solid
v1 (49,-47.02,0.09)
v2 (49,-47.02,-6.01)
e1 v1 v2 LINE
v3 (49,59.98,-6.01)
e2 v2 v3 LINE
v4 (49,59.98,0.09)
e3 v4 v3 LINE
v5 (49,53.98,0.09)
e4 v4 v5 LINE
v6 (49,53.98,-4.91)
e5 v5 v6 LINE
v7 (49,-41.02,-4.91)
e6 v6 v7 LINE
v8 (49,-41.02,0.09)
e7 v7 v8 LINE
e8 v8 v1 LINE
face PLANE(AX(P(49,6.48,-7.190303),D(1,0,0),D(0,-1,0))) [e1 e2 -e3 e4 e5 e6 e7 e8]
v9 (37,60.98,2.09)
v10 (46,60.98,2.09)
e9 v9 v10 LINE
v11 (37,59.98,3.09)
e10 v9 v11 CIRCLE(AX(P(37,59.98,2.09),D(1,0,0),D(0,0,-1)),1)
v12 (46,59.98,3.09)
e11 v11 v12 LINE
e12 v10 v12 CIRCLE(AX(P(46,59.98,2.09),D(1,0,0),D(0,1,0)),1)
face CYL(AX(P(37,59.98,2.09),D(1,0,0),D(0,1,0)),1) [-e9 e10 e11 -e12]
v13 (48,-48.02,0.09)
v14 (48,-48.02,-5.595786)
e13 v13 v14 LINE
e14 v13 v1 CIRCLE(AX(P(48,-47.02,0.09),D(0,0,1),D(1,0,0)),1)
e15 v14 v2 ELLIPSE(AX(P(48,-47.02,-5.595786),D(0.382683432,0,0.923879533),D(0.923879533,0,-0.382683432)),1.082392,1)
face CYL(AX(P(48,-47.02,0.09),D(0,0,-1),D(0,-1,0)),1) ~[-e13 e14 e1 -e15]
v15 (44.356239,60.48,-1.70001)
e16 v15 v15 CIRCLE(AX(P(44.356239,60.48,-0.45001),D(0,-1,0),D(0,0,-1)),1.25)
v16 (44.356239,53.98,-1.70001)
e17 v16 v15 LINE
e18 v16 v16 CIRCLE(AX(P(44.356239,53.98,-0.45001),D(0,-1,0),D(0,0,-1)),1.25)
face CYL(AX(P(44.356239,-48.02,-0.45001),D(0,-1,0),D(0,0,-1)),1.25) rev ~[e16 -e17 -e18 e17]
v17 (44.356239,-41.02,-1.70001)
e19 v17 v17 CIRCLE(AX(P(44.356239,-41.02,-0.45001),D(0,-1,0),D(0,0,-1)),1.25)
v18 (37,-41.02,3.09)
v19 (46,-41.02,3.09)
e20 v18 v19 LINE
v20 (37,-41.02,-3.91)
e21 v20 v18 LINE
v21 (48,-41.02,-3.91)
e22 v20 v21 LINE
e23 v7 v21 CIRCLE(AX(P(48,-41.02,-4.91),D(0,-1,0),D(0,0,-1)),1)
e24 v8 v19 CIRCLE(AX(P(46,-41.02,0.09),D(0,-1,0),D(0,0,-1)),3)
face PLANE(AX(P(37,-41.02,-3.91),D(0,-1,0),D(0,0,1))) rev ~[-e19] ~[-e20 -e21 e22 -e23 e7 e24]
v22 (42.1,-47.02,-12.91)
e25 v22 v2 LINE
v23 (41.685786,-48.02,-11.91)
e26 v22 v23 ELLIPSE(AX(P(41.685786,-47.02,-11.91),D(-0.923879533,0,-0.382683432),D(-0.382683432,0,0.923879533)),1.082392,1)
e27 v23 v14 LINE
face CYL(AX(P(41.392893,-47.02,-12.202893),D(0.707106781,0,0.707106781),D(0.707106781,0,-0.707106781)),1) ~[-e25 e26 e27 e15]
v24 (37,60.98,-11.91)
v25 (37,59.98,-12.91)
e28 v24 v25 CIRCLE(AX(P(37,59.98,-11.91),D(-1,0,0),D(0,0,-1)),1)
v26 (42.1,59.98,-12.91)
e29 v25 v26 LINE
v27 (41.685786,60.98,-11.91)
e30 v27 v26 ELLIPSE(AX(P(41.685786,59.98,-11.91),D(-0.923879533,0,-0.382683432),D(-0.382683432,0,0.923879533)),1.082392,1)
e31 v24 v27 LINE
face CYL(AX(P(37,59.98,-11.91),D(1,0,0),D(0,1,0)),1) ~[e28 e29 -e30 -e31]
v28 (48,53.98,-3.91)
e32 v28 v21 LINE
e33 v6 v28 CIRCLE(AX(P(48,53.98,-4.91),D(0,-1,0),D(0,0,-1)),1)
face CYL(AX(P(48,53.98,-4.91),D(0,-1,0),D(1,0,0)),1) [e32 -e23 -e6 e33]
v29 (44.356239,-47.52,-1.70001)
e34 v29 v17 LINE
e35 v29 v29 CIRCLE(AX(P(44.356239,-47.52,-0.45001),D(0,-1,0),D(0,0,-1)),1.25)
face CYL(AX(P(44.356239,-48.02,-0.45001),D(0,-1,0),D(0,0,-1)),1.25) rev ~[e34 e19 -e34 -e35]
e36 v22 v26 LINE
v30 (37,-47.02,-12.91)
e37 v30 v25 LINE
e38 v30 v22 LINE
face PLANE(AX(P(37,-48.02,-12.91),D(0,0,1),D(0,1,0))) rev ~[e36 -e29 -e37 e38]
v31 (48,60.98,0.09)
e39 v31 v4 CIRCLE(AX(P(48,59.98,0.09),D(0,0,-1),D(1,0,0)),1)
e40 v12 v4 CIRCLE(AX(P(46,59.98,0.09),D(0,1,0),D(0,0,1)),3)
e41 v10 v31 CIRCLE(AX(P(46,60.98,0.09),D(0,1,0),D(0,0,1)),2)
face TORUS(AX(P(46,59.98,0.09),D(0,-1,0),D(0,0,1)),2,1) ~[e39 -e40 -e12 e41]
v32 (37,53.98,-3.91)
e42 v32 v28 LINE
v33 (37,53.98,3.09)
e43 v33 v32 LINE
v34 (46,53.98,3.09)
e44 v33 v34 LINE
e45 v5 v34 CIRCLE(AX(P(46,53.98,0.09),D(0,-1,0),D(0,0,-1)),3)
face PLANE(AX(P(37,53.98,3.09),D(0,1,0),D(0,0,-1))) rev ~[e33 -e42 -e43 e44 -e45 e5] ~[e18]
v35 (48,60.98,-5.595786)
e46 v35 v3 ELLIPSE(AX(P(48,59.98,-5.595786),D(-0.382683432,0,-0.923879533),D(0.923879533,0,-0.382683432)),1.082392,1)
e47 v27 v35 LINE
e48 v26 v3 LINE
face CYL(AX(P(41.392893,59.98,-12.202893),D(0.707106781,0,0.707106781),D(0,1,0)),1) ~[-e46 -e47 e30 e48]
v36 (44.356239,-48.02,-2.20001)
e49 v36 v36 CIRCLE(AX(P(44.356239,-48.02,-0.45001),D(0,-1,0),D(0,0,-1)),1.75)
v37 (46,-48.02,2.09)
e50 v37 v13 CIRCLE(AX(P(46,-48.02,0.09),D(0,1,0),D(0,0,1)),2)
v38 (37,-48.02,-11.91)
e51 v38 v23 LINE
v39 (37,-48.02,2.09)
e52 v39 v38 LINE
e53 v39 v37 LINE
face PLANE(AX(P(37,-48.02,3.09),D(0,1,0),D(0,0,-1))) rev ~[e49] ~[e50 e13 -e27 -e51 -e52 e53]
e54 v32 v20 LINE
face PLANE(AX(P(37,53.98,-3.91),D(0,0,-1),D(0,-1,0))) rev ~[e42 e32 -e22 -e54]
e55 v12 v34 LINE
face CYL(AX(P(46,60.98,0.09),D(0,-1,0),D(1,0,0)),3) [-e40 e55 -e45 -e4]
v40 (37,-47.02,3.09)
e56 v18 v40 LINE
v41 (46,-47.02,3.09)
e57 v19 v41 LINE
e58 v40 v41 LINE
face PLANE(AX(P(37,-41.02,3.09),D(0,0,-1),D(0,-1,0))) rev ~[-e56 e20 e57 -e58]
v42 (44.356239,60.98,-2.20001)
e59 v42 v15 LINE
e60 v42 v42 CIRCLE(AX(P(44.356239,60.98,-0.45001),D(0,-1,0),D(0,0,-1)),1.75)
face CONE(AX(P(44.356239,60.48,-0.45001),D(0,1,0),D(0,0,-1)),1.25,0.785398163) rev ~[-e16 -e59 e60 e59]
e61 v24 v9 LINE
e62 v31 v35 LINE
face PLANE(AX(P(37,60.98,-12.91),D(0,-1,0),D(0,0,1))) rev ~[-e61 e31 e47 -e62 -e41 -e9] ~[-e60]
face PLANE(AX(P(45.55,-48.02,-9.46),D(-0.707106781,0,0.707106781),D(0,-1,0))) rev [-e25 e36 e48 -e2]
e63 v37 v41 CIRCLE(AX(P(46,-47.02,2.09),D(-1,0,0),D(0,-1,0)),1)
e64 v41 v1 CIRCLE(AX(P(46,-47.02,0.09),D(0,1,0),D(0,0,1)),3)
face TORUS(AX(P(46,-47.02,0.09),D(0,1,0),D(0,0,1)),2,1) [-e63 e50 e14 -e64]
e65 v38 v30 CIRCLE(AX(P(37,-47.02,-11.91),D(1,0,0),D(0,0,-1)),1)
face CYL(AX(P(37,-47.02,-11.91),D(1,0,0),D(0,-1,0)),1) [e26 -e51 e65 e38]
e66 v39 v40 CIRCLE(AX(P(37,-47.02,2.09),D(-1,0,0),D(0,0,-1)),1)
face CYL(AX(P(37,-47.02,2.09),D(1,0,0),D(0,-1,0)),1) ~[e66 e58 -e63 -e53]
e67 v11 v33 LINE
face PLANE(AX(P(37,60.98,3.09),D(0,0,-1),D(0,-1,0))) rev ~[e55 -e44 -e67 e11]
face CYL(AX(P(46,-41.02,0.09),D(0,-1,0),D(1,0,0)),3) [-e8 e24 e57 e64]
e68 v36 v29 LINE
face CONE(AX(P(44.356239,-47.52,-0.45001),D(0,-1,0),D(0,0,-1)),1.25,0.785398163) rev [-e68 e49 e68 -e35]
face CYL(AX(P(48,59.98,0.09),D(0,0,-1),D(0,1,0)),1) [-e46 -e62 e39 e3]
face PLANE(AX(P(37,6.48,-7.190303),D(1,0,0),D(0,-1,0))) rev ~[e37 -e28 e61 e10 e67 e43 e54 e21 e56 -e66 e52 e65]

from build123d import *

# Parameters (mm, degrees)
PAD013_DEPTH            = 12
CHAMFER013_SIZE         = 6.9
FILLET028_R             = 1
FILLET027_R             = 3
FILLET029_R             = 1
SKETCH052_R             = 1.25
POCKET020_DEPTH         = 109.001
CHAMFER014_SIZE         = 0.5
FILLET031_R             = 1
BODY012_PLACEMENT_ANGLE = 180


with BuildPart() as part:
    # Sketch051 → Pad013 (new body)
    with BuildSketch(Plane.YZ.offset(37)):
        Polygon((-48, 6), (-41, 6), (-41, 13), (54, 13), (54, 6), (61, 6), (61, 22), (-48, 22), align=None)
    extrude(amount=PAD013_DEPTH)

    # Chamfer013
    chamfer013_edges = [part.edges().sort_by_distance(p)[0] for p in [
        (49, 6.5, 22),
    ]]
    chamfer(chamfer013_edges, length=CHAMFER013_SIZE)

    # Fillet028
    fillet028_edges = [part.edges().sort_by_distance(p)[0] for p in [
        (49, 6.5, 13),
    ]]
    fillet(fillet028_edges, radius=FILLET028_R)

    # Fillet027
    fillet027_edges = [part.edges().sort_by_distance(p)[0] for p in [
        (49, 57.5, 6),
        (49, -44.5, 6),
    ]]
    fillet(fillet027_edges, radius=FILLET027_R)

    # Fillet029
    fillet029_edges = [part.edges().sort_by_distance(p)[0] for p in [
        (41.5, 61, 6),
        (48.12132, 61, 6.87868),
        (49, 61, 12.05),
        (45.55, 61, 18.55),
        (39.55, 61, 22),
    ]]
    fillet(fillet029_edges, radius=FILLET029_R)

    # Sketch052 (on Face12 of Fillet029) → Pocket020 (cut, through all)
    with BuildSketch(Plane.ZX.offset(61)):
        with Locations((9.54001, 44.356239)):
            Circle(SKETCH052_R)
    extrude(amount=-POCKET020_DEPTH, mode=Mode.SUBTRACT)

    # Chamfer014
    chamfer014_edges = [part.edges().sort_by_distance(p)[0] for p in [
        (44.356239, 61, 8.29001),
        (44.356239, -48, 8.29001),
    ]]
    chamfer(chamfer014_edges, length=CHAMFER014_SIZE)

    # Fillet031
    fillet031_edges = [part.edges().sort_by_distance(p)[0] for p in [
        (41.5, -48, 6),
        (48.12132, -48, 6.87868),
        (49, -48, 12.05),
        (45.55, -48, 18.55),
        (39.55, -48, 22),
    ]]
    fillet(fillet031_edges, radius=FILLET031_R)


with BuildPart() as part_1:
    # Body012 placement: moved
    add(part.part.moved(Location((0, 12.98, 9.09))).rotate(Axis((0, 12.98, 9.09), (1, 0, 0)), BODY012_PLACEMENT_ANGLE))


solid = part_1.part
